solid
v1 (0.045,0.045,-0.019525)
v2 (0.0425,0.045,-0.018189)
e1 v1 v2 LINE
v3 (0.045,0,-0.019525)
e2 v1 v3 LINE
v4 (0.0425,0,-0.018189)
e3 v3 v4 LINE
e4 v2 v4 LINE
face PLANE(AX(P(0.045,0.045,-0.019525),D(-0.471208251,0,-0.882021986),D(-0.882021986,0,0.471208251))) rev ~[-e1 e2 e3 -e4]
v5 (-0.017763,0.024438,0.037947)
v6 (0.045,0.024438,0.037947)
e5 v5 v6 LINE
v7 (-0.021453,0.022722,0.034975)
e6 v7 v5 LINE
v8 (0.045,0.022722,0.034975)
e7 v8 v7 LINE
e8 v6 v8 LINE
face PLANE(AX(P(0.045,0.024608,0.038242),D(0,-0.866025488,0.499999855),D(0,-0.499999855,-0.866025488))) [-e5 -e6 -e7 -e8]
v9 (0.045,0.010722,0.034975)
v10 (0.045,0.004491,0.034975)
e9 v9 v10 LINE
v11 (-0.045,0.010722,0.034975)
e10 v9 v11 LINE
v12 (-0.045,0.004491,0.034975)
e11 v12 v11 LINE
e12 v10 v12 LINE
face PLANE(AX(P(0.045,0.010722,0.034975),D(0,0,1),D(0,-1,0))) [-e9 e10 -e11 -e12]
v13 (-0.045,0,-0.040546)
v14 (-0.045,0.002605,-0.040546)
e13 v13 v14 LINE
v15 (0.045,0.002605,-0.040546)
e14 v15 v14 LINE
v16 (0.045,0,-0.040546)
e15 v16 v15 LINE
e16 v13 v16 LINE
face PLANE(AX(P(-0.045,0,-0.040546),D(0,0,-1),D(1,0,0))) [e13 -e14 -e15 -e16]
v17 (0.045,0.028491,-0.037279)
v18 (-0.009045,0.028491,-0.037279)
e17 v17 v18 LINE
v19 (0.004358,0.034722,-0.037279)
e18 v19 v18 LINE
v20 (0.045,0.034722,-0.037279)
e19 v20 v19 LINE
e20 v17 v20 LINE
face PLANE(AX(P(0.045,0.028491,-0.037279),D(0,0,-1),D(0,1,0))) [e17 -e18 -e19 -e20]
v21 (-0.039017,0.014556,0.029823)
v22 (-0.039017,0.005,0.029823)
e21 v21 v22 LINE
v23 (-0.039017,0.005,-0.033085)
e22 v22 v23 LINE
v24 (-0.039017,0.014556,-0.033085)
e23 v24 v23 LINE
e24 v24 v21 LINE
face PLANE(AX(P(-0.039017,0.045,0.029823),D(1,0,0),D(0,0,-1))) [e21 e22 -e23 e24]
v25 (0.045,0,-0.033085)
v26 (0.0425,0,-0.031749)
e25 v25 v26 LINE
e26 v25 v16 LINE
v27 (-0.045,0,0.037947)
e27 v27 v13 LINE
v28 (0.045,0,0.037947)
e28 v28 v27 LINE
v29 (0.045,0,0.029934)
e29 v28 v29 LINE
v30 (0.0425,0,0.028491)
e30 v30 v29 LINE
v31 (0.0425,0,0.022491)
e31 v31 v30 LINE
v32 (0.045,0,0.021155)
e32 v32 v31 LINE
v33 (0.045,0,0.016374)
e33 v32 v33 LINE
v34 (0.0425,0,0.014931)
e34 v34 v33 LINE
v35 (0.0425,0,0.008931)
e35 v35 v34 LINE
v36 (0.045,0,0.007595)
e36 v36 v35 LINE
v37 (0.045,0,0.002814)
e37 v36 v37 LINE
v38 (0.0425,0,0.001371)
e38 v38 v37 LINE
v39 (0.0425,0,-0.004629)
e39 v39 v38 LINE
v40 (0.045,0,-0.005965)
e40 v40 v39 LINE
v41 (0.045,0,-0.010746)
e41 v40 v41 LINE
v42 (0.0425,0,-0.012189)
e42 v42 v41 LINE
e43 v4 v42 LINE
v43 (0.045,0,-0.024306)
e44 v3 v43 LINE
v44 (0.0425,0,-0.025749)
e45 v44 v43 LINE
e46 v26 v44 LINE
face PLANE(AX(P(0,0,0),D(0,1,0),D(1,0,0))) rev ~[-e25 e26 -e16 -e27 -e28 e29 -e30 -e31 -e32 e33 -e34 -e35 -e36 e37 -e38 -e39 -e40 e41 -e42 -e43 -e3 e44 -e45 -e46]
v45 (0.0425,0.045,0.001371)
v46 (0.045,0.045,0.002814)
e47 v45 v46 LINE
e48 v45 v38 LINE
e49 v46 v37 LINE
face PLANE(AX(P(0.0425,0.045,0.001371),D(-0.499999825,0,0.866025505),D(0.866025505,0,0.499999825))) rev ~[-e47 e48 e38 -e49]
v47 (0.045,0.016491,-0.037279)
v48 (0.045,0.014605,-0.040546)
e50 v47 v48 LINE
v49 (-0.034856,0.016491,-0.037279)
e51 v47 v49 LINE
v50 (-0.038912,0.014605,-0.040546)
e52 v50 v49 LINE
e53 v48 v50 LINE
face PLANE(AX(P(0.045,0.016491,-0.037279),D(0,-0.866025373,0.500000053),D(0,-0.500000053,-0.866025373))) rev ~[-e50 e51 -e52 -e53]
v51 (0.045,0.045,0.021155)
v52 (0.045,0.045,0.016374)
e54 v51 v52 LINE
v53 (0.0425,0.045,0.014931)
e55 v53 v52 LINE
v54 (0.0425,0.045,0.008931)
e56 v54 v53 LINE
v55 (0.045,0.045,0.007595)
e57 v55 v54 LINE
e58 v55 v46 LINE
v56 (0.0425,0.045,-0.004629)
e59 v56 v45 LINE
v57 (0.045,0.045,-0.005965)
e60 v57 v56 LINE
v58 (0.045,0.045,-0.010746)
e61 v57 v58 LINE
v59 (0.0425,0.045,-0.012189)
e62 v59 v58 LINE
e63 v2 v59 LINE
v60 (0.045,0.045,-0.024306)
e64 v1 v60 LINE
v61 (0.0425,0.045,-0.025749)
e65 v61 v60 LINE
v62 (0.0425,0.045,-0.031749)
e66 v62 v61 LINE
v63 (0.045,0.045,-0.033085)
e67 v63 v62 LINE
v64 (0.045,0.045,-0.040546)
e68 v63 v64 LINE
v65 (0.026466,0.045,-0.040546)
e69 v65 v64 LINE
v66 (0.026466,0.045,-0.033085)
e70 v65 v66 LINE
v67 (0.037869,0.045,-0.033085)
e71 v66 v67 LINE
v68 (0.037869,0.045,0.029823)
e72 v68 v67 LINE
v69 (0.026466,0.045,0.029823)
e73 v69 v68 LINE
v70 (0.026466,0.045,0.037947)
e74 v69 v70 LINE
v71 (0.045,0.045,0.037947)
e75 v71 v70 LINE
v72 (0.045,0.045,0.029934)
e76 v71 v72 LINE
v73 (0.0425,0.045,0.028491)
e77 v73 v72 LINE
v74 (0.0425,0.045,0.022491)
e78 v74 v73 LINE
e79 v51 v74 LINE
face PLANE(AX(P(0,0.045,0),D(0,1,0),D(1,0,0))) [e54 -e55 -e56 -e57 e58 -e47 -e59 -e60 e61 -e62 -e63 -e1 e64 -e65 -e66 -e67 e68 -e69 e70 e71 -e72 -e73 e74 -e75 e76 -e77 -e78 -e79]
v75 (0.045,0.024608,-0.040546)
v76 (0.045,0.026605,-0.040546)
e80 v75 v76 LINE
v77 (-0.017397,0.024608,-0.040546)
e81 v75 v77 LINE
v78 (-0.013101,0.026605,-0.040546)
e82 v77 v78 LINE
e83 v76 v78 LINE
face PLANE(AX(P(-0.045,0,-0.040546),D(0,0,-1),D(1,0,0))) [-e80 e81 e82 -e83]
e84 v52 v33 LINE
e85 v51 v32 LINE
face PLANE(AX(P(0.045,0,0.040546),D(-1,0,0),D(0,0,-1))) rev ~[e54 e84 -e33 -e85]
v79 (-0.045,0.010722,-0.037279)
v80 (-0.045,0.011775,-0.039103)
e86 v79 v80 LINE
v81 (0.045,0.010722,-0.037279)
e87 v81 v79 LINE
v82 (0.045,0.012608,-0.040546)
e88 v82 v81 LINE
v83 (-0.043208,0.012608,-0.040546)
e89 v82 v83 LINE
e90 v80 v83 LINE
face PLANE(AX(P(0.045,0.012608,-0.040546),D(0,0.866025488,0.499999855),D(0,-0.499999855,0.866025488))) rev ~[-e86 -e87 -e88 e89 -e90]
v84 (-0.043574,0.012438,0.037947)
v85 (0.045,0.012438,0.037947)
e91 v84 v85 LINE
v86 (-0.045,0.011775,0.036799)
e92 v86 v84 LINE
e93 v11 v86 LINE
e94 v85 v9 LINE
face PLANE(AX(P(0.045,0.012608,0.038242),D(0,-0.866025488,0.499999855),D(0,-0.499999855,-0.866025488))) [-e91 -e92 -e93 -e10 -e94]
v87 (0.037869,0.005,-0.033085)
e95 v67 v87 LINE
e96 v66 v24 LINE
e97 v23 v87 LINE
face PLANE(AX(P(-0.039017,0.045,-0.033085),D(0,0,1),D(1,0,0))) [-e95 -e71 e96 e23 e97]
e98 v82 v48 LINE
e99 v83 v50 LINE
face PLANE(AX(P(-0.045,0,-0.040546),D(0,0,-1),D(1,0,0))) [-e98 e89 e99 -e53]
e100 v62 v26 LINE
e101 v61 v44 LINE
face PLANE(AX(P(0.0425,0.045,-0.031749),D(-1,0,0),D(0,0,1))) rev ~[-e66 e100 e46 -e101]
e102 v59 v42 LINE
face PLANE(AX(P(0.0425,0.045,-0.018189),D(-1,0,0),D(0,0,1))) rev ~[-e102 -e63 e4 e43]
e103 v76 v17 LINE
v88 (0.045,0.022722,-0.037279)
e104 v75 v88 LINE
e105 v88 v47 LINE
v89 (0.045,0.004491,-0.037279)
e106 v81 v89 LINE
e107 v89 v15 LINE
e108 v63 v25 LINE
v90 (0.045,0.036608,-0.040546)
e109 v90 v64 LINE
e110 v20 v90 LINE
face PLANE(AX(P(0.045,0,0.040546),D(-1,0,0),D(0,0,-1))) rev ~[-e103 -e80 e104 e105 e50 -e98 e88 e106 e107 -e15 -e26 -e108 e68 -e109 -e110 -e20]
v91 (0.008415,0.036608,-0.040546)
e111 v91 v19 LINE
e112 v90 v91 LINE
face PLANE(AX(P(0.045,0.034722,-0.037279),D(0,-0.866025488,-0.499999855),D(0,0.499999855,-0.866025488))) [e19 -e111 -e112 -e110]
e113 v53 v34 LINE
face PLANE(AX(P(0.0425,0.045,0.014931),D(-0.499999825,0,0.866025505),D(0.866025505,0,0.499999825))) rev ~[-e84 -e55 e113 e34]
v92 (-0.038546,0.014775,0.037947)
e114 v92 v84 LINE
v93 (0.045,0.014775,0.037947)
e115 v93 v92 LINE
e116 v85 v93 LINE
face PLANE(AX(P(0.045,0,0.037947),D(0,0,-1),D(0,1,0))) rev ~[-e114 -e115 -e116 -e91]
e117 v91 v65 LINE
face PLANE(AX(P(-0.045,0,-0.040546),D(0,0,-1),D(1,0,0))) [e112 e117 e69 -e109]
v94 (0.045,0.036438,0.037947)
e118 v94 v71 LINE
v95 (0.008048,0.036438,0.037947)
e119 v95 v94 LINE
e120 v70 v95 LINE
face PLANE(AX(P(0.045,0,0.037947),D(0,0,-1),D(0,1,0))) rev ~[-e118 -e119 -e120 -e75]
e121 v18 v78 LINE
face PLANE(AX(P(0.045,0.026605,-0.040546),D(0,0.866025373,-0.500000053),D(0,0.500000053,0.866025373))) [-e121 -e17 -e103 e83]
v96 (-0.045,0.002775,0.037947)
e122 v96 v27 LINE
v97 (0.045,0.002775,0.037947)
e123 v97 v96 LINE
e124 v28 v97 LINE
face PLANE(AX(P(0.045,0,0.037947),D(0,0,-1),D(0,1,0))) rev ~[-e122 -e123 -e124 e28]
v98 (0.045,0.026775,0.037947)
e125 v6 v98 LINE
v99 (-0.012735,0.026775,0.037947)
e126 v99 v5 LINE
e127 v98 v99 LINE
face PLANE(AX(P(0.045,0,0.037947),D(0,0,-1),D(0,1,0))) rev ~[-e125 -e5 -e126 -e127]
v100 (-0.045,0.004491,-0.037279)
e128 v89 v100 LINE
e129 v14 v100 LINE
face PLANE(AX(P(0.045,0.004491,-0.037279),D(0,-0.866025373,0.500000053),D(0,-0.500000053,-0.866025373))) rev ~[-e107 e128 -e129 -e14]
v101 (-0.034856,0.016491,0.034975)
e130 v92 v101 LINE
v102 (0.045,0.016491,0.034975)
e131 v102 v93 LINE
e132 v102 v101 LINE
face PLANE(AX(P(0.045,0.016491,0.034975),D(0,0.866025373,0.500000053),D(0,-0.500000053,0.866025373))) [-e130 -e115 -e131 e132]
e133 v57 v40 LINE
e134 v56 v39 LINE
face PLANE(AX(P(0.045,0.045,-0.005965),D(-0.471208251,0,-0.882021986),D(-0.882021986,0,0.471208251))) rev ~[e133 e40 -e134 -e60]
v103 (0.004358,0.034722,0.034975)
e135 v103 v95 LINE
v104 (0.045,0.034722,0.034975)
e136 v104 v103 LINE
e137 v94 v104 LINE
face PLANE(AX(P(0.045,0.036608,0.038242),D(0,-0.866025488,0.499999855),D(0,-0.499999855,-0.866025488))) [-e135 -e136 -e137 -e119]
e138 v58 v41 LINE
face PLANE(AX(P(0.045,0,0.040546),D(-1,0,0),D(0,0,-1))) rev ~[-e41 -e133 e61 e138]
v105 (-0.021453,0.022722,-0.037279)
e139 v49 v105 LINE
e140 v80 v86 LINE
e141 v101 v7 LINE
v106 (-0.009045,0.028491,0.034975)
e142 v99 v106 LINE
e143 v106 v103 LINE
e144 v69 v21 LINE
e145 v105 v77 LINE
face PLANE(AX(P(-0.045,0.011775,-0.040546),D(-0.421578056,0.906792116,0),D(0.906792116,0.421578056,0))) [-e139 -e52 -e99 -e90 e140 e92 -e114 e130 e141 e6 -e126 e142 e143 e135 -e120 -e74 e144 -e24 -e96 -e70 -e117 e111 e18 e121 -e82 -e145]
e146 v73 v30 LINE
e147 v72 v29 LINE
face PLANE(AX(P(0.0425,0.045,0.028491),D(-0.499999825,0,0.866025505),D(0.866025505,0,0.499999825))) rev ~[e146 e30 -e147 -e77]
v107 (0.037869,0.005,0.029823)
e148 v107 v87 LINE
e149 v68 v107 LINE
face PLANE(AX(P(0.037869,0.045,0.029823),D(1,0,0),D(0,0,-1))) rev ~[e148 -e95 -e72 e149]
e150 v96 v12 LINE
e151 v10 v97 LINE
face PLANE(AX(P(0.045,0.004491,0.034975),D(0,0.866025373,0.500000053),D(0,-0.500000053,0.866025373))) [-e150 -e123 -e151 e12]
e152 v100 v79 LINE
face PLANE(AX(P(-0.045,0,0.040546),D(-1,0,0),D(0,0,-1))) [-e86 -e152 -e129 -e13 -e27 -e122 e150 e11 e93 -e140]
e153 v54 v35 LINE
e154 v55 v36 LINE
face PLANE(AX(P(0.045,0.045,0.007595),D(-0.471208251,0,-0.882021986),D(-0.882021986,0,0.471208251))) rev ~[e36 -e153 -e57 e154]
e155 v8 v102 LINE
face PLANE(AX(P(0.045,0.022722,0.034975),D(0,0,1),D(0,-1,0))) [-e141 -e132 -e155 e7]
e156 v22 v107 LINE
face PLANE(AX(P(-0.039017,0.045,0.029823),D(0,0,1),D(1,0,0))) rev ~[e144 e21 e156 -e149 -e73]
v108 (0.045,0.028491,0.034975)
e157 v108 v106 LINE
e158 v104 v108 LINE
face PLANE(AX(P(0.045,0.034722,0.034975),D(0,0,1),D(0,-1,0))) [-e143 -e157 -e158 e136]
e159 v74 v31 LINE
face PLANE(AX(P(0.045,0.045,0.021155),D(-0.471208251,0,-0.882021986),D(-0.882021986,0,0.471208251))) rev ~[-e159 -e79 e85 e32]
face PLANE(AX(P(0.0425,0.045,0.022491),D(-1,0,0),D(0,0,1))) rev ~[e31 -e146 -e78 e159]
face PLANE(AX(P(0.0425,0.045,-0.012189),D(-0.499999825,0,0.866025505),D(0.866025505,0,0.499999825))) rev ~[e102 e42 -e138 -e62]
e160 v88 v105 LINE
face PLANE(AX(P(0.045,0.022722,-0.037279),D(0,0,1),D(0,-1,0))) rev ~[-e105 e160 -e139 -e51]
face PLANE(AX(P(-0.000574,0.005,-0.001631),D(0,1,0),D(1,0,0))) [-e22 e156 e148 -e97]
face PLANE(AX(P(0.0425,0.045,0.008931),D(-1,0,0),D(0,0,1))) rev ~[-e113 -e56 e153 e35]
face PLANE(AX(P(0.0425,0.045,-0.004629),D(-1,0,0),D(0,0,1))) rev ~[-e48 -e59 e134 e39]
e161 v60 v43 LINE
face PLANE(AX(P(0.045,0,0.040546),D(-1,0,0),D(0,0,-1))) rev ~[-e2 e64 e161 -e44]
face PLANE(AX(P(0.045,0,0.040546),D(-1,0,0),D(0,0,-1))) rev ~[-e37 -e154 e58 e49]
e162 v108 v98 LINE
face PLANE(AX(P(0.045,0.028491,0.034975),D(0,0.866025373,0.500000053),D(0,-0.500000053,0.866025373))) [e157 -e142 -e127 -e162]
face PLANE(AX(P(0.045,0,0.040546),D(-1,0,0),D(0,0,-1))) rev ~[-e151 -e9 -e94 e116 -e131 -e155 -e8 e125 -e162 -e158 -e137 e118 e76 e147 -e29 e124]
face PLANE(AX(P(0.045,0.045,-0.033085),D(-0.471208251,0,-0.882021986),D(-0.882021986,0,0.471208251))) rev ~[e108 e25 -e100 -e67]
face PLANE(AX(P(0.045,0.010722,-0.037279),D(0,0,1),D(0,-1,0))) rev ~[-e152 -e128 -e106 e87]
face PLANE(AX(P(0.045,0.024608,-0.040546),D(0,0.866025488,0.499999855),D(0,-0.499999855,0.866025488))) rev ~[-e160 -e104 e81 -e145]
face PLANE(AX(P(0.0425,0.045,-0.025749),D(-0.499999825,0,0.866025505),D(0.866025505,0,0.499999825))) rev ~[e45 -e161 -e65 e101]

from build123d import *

# Parameters (mm, degrees)
SKETCH3_W           = 0.09
SKETCH3_H           = 0.0810914
BOSS_EXTRUDE2_DEPTH = 0.045
SKETCH4_W           = 0.076885995
SKETCH4_H           = 0.062907989
CUT_EXTRUDE2_DEPTH  = 0.04
CUT_EXTRUDE3_DEPTH  = 0.085
CUT_EXTRUDE5_DEPTH  = 0.045
CUT_EXTRUDE6_DEPTH  = 0.095
SKETCH10_W          = 0.00259893
SKETCH10_H          = 0.045
CUT_EXTRUDE7_DEPTH  = 0.095


with BuildPart() as part:
    # Sketch3 → Boss-Extrude2 (new body)
    with BuildSketch(Plane(origin=(0, 0, 0), x_dir=(1, 0, 0), z_dir=(0, 1, 0))):
        Rectangle(SKETCH3_W, SKETCH3_H)
    extrude(amount=BOSS_EXTRUDE2_DEPTH)

    # Sketch4 → Cut-Extrude2 (cut)
    with BuildSketch(Plane(origin=(0, 0.045, 0), x_dir=(1, 0, 0), z_dir=(0, 1, 0))):
        with Locations((-0.000573781, 0.00163106)):
            Rectangle(SKETCH4_W, SKETCH4_H)
    extrude(amount=-CUT_EXTRUDE2_DEPTH, mode=Mode.SUBTRACT)

    # Sketch5 → Cut-Extrude3 (cut)
    with BuildSketch(Plane(origin=(0, 0, -0.0405457), x_dir=(-1, 0, 0), z_dir=(0, 0, -1))):
        Polygon((-0.026465748, 0.045), (0.045, 0.045), (0.045, 0.011774754), align=None)
    extrude(amount=-CUT_EXTRUDE3_DEPTH, mode=Mode.SUBTRACT)

    # Sketch6 → Cut-Extrude5 (cut)
    with BuildSketch(Plane(origin=(0, 0.045, 0), x_dir=(1, 0, 0), z_dir=(0, 1, 0))):
        Polygon((0.045, 0.033085055), (0.0425, 0.031749464), (0.0425, 0.025749464), (0.045, 0.024306089), align=None)
        Polygon((0.045, 0.019525055), (0.0425, 0.018189464), (0.0425, 0.012189464), (0.045, 0.010746089), align=None)
        Polygon((0.045, 0.005965055), (0.0425, 0.004629464), (0.0425, -0.001370536), (0.045, -0.002813911), align=None)
        Polygon((0.045, -0.007594945), (0.0425, -0.008930536), (0.0425, -0.014930536), (0.045, -0.016373911), align=None)
        Polygon((0.045, -0.021154945), (0.0425, -0.022490536), (0.0425, -0.028490536), (0.045, -0.029933911), align=None)
    extrude(amount=-CUT_EXTRUDE5_DEPTH, mode=Mode.SUBTRACT)

    # Sketch8 → Cut-Extrude6 (cut)
    with BuildSketch(Plane(origin=(0.045, 0, 0), x_dir=(0, 0, -1), z_dir=(1, 0, 0))):
        Polygon((0.0405457, 0.036607841), (0.0405457, 0.02660494), (0.03727938, 0.028490751), (0.03727938, 0.034722031), align=None)
        Polygon((0.03727938, 0.022722031), (0.03727938, 0.016490751), (0.0405457, 0.01460494), (0.0405457, 0.024607841), align=None)
        Polygon((0.03727938, 0.010722031), (0.03727938, 0.004490751), (0.0405457, 0.00260494), (0.0405457, 0.012607841), align=None)
        Polygon((-0.038241693, 0.012607841), (-0.034975373, 0.010722031), (-0.034975373, 0.004490751), (-0.038241693, 0.00260494), align=None)
        Polygon((-0.038241693, 0.024607841), (-0.034975373, 0.022722031), (-0.034975373, 0.016490751), (-0.038241693, 0.01460494), align=None)
        Polygon((-0.038241693, 0.036607841), (-0.034975373, 0.034722031), (-0.034975373, 0.028490751), (-0.038241693, 0.02660494), align=None)
    extrude(amount=-CUT_EXTRUDE6_DEPTH, mode=Mode.SUBTRACT)

    # Sketch10 → Cut-Extrude7 (cut)
    with BuildSketch(Plane(origin=(0.045, 0, 0), x_dir=(0, 0, -1), z_dir=(1, 0, 0))):
        with Locations((-0.039246235, 0.0225)):
            Rectangle(SKETCH10_W, SKETCH10_H)
    extrude(amount=-CUT_EXTRUDE7_DEPTH, mode=Mode.SUBTRACT)


solid = part.part
